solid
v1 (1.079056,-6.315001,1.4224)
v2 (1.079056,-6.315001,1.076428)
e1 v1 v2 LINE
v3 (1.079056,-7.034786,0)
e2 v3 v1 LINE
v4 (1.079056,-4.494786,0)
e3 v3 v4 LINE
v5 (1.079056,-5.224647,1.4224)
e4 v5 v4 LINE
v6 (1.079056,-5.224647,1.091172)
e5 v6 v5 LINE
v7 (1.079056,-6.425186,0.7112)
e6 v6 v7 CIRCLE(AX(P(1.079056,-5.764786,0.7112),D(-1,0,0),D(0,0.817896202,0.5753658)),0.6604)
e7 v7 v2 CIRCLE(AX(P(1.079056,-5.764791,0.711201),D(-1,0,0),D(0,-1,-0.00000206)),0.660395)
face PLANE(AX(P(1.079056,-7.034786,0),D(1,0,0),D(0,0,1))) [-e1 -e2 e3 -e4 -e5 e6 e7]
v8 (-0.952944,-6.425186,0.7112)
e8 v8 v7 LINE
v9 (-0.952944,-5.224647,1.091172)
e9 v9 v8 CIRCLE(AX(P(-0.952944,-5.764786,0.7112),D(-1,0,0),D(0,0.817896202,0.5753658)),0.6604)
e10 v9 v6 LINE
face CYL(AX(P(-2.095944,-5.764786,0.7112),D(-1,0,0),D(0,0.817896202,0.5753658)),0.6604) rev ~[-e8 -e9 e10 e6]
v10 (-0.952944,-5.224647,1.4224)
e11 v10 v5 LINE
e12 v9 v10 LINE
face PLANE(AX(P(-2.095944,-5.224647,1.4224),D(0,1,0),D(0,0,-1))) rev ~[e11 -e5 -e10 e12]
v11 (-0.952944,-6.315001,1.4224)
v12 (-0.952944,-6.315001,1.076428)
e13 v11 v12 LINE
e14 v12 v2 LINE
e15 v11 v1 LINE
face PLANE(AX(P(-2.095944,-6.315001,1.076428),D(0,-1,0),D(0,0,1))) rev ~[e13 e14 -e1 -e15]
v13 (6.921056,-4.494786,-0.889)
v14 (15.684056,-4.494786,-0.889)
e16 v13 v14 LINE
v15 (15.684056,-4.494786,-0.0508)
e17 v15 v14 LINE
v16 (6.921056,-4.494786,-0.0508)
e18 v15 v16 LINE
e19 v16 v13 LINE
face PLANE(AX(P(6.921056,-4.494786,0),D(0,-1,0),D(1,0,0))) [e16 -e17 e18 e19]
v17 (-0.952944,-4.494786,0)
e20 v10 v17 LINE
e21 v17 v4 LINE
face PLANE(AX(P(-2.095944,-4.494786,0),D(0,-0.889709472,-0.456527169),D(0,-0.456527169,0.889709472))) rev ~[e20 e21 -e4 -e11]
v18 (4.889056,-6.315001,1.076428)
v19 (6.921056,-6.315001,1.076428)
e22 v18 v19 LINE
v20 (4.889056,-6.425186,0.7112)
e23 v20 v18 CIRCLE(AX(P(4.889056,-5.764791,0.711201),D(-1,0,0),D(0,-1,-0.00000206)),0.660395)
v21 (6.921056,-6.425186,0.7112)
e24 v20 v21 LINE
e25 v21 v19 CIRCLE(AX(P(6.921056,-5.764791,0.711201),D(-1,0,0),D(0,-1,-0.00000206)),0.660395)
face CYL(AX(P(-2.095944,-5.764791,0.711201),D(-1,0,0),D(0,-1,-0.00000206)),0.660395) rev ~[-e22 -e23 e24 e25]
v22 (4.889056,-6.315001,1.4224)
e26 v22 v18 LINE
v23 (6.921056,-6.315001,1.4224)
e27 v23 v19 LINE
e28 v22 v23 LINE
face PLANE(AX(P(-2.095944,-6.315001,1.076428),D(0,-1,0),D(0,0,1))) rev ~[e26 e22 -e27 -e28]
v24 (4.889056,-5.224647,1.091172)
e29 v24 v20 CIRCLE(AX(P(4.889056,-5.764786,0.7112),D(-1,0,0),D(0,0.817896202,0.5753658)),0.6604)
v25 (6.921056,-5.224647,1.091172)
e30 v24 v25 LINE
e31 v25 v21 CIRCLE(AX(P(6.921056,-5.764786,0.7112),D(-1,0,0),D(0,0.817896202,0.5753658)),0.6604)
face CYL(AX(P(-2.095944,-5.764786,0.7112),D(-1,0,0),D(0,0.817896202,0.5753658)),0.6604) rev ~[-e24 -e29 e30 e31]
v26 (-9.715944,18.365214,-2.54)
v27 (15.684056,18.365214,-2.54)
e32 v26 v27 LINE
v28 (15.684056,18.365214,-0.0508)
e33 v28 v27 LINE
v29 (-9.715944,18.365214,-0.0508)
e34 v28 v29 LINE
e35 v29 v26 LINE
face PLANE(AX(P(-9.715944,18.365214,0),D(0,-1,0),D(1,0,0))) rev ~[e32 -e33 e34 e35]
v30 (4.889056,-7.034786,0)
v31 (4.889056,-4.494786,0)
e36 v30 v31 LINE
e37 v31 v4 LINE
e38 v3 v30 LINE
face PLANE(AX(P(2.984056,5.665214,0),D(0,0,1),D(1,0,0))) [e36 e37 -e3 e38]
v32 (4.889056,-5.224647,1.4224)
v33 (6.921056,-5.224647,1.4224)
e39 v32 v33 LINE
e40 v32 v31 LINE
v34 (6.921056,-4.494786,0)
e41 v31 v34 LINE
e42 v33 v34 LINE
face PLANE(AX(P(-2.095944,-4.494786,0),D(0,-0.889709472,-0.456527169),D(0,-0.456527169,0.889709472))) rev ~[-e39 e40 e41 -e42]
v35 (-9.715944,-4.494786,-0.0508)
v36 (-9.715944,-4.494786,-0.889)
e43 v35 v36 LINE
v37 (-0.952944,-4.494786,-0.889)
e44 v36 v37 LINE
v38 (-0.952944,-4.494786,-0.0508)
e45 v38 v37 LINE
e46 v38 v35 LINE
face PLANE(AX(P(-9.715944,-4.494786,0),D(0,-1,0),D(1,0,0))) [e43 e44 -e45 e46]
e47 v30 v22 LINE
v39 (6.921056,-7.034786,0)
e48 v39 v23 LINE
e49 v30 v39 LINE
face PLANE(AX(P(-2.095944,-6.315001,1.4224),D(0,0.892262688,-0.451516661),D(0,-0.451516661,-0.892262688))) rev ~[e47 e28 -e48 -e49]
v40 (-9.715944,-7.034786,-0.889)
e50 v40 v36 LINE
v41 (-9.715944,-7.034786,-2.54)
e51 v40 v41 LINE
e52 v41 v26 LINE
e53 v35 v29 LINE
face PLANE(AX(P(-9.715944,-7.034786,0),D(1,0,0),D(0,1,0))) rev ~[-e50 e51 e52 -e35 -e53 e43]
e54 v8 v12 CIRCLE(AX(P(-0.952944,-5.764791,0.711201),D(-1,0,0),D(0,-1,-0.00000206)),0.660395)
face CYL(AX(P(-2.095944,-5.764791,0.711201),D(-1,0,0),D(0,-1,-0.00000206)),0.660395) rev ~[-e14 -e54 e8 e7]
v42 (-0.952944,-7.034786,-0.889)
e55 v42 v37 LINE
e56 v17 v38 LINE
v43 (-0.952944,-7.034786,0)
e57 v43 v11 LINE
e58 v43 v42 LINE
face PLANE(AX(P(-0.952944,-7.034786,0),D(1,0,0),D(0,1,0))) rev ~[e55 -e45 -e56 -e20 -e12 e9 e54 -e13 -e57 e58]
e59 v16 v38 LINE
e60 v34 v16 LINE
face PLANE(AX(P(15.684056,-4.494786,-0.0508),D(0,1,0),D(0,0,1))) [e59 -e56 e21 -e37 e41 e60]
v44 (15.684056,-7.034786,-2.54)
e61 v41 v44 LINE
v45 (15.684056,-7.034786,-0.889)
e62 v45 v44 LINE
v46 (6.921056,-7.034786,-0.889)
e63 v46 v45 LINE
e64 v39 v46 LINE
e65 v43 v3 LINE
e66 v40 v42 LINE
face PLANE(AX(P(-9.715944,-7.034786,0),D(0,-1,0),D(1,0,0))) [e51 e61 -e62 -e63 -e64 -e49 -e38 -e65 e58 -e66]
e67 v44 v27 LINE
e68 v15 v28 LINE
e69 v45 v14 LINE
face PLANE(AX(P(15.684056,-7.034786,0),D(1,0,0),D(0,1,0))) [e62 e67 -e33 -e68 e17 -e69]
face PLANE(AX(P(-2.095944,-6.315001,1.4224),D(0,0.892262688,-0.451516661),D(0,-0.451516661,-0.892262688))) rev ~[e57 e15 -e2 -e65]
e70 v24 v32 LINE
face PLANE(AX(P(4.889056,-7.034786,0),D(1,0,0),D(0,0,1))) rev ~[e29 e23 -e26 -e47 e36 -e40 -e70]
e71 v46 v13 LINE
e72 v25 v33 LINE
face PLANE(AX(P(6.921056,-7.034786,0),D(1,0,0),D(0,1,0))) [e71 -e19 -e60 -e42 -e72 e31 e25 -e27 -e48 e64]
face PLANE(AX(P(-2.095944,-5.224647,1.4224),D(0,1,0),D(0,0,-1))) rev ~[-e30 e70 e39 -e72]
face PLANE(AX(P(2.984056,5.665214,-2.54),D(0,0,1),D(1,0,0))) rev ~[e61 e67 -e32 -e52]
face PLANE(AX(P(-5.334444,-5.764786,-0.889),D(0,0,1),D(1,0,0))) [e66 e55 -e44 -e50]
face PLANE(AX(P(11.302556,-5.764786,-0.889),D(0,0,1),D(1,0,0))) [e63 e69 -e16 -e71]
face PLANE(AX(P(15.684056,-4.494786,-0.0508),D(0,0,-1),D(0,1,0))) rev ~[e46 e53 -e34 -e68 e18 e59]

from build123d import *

# Parameters (mm, degrees)
F0_W      = 25.4
F0_H      = 25.4
F1_DEPTH  = 2.54
F2_W      = 10.16
F2_H      = 2.54
F3_DEPTH  = 1.4224
F5_W      = 1.143
F5_H      = 1.4224
F5_W_2    = 3.81
F6_DEPTH  = 25.4
F7_DEPTH  = 25.4
F8_W      = 8.763
F8_H      = 2.54
F9_DEPTH  = 0.889
F10_W     = 22.86
F10_H     = 0.0508
F11_DEPTH = 25.4


with BuildPart() as f1:
    # F0 (on Top) → F1 (new body)
    with BuildSketch(Plane.XY):
        with Locations((2.984056, 5.665214)):
            Rectangle(F0_W, F0_H)
    extrude(amount=-F1_DEPTH)

    # F2 (on face) → F3 (join)
    with BuildSketch(Plane.XY):
        with Locations((2.984056, -5.764786)):
            Rectangle(F2_W, F2_H)
    extrude(amount=F3_DEPTH)

    # F5 (on face) → F6 (cut)
    with BuildSketch(Plane.XZ.offset(7.034786)):
        with Locations((-1.524444, 0.7112)):
            Rectangle(F5_W, F5_H)
        with Locations((2.984056, 0.7112)):
            Rectangle(F5_W_2, F5_H)
        with Locations((7.492556, 0.7112)):
            Rectangle(F5_W, F5_H)
    extrude(amount=-F6_DEPTH, mode=Mode.SUBTRACT)

    # F4 (on face) → F7 (cut)
    with BuildSketch(Plane(origin=(-2.095944, 0, 0), x_dir=(0, -1, 0), z_dir=(-1, 0, 0))):
        Polygon((4.494786, 0), (5.224647, 1.4224), (4.494786, 1.4224), align=None)
        with BuildLine():
            ThreePointArc((5.224647, 1.091172), (5.565511, 0.081583), (6.425186, 0.7112))
            ThreePointArc((6.425186, 0.7112), (6.39704, 0.901944), (6.315001, 1.076428))
            ThreePointArc((6.315001, 1.076428), (5.773715, 1.37154), (5.224647, 1.091172))
        make_face()
        with BuildLine():
            ThreePointArc((5.224647, 1.091172), (5.773715, 1.37154), (6.315001, 1.076428))
            Line((6.315001, 1.076428), (6.315001, 1.4224))
            Line((6.315001, 1.4224), (5.224647, 1.4224))
            Line((5.224647, 1.4224), (5.224647, 1.091172))
        make_face()
        Polygon((7.034786, 1.4224), (6.315001, 1.4224), (7.034786, 0), align=None)
    extrude(amount=-F7_DEPTH, mode=Mode.SUBTRACT)

    # F8 (on face) → F9 (cut)
    with BuildSketch(Plane.XY):
        with Locations((11.302556, -5.764786)):
            Rectangle(F8_W, F8_H)
        with Locations((-5.334444, -5.764786)):
            Rectangle(F8_W, F8_H)
    extrude(amount=-F9_DEPTH, mode=Mode.SUBTRACT)

    # F10 (on face) → F11 (cut)
    with BuildSketch(Plane.YZ.offset(15.684056)):
        with Locations((6.935214, -0.0254)):
            Rectangle(F10_W, F10_H)
    extrude(amount=-F11_DEPTH, mode=Mode.SUBTRACT)


solid = f1.part
